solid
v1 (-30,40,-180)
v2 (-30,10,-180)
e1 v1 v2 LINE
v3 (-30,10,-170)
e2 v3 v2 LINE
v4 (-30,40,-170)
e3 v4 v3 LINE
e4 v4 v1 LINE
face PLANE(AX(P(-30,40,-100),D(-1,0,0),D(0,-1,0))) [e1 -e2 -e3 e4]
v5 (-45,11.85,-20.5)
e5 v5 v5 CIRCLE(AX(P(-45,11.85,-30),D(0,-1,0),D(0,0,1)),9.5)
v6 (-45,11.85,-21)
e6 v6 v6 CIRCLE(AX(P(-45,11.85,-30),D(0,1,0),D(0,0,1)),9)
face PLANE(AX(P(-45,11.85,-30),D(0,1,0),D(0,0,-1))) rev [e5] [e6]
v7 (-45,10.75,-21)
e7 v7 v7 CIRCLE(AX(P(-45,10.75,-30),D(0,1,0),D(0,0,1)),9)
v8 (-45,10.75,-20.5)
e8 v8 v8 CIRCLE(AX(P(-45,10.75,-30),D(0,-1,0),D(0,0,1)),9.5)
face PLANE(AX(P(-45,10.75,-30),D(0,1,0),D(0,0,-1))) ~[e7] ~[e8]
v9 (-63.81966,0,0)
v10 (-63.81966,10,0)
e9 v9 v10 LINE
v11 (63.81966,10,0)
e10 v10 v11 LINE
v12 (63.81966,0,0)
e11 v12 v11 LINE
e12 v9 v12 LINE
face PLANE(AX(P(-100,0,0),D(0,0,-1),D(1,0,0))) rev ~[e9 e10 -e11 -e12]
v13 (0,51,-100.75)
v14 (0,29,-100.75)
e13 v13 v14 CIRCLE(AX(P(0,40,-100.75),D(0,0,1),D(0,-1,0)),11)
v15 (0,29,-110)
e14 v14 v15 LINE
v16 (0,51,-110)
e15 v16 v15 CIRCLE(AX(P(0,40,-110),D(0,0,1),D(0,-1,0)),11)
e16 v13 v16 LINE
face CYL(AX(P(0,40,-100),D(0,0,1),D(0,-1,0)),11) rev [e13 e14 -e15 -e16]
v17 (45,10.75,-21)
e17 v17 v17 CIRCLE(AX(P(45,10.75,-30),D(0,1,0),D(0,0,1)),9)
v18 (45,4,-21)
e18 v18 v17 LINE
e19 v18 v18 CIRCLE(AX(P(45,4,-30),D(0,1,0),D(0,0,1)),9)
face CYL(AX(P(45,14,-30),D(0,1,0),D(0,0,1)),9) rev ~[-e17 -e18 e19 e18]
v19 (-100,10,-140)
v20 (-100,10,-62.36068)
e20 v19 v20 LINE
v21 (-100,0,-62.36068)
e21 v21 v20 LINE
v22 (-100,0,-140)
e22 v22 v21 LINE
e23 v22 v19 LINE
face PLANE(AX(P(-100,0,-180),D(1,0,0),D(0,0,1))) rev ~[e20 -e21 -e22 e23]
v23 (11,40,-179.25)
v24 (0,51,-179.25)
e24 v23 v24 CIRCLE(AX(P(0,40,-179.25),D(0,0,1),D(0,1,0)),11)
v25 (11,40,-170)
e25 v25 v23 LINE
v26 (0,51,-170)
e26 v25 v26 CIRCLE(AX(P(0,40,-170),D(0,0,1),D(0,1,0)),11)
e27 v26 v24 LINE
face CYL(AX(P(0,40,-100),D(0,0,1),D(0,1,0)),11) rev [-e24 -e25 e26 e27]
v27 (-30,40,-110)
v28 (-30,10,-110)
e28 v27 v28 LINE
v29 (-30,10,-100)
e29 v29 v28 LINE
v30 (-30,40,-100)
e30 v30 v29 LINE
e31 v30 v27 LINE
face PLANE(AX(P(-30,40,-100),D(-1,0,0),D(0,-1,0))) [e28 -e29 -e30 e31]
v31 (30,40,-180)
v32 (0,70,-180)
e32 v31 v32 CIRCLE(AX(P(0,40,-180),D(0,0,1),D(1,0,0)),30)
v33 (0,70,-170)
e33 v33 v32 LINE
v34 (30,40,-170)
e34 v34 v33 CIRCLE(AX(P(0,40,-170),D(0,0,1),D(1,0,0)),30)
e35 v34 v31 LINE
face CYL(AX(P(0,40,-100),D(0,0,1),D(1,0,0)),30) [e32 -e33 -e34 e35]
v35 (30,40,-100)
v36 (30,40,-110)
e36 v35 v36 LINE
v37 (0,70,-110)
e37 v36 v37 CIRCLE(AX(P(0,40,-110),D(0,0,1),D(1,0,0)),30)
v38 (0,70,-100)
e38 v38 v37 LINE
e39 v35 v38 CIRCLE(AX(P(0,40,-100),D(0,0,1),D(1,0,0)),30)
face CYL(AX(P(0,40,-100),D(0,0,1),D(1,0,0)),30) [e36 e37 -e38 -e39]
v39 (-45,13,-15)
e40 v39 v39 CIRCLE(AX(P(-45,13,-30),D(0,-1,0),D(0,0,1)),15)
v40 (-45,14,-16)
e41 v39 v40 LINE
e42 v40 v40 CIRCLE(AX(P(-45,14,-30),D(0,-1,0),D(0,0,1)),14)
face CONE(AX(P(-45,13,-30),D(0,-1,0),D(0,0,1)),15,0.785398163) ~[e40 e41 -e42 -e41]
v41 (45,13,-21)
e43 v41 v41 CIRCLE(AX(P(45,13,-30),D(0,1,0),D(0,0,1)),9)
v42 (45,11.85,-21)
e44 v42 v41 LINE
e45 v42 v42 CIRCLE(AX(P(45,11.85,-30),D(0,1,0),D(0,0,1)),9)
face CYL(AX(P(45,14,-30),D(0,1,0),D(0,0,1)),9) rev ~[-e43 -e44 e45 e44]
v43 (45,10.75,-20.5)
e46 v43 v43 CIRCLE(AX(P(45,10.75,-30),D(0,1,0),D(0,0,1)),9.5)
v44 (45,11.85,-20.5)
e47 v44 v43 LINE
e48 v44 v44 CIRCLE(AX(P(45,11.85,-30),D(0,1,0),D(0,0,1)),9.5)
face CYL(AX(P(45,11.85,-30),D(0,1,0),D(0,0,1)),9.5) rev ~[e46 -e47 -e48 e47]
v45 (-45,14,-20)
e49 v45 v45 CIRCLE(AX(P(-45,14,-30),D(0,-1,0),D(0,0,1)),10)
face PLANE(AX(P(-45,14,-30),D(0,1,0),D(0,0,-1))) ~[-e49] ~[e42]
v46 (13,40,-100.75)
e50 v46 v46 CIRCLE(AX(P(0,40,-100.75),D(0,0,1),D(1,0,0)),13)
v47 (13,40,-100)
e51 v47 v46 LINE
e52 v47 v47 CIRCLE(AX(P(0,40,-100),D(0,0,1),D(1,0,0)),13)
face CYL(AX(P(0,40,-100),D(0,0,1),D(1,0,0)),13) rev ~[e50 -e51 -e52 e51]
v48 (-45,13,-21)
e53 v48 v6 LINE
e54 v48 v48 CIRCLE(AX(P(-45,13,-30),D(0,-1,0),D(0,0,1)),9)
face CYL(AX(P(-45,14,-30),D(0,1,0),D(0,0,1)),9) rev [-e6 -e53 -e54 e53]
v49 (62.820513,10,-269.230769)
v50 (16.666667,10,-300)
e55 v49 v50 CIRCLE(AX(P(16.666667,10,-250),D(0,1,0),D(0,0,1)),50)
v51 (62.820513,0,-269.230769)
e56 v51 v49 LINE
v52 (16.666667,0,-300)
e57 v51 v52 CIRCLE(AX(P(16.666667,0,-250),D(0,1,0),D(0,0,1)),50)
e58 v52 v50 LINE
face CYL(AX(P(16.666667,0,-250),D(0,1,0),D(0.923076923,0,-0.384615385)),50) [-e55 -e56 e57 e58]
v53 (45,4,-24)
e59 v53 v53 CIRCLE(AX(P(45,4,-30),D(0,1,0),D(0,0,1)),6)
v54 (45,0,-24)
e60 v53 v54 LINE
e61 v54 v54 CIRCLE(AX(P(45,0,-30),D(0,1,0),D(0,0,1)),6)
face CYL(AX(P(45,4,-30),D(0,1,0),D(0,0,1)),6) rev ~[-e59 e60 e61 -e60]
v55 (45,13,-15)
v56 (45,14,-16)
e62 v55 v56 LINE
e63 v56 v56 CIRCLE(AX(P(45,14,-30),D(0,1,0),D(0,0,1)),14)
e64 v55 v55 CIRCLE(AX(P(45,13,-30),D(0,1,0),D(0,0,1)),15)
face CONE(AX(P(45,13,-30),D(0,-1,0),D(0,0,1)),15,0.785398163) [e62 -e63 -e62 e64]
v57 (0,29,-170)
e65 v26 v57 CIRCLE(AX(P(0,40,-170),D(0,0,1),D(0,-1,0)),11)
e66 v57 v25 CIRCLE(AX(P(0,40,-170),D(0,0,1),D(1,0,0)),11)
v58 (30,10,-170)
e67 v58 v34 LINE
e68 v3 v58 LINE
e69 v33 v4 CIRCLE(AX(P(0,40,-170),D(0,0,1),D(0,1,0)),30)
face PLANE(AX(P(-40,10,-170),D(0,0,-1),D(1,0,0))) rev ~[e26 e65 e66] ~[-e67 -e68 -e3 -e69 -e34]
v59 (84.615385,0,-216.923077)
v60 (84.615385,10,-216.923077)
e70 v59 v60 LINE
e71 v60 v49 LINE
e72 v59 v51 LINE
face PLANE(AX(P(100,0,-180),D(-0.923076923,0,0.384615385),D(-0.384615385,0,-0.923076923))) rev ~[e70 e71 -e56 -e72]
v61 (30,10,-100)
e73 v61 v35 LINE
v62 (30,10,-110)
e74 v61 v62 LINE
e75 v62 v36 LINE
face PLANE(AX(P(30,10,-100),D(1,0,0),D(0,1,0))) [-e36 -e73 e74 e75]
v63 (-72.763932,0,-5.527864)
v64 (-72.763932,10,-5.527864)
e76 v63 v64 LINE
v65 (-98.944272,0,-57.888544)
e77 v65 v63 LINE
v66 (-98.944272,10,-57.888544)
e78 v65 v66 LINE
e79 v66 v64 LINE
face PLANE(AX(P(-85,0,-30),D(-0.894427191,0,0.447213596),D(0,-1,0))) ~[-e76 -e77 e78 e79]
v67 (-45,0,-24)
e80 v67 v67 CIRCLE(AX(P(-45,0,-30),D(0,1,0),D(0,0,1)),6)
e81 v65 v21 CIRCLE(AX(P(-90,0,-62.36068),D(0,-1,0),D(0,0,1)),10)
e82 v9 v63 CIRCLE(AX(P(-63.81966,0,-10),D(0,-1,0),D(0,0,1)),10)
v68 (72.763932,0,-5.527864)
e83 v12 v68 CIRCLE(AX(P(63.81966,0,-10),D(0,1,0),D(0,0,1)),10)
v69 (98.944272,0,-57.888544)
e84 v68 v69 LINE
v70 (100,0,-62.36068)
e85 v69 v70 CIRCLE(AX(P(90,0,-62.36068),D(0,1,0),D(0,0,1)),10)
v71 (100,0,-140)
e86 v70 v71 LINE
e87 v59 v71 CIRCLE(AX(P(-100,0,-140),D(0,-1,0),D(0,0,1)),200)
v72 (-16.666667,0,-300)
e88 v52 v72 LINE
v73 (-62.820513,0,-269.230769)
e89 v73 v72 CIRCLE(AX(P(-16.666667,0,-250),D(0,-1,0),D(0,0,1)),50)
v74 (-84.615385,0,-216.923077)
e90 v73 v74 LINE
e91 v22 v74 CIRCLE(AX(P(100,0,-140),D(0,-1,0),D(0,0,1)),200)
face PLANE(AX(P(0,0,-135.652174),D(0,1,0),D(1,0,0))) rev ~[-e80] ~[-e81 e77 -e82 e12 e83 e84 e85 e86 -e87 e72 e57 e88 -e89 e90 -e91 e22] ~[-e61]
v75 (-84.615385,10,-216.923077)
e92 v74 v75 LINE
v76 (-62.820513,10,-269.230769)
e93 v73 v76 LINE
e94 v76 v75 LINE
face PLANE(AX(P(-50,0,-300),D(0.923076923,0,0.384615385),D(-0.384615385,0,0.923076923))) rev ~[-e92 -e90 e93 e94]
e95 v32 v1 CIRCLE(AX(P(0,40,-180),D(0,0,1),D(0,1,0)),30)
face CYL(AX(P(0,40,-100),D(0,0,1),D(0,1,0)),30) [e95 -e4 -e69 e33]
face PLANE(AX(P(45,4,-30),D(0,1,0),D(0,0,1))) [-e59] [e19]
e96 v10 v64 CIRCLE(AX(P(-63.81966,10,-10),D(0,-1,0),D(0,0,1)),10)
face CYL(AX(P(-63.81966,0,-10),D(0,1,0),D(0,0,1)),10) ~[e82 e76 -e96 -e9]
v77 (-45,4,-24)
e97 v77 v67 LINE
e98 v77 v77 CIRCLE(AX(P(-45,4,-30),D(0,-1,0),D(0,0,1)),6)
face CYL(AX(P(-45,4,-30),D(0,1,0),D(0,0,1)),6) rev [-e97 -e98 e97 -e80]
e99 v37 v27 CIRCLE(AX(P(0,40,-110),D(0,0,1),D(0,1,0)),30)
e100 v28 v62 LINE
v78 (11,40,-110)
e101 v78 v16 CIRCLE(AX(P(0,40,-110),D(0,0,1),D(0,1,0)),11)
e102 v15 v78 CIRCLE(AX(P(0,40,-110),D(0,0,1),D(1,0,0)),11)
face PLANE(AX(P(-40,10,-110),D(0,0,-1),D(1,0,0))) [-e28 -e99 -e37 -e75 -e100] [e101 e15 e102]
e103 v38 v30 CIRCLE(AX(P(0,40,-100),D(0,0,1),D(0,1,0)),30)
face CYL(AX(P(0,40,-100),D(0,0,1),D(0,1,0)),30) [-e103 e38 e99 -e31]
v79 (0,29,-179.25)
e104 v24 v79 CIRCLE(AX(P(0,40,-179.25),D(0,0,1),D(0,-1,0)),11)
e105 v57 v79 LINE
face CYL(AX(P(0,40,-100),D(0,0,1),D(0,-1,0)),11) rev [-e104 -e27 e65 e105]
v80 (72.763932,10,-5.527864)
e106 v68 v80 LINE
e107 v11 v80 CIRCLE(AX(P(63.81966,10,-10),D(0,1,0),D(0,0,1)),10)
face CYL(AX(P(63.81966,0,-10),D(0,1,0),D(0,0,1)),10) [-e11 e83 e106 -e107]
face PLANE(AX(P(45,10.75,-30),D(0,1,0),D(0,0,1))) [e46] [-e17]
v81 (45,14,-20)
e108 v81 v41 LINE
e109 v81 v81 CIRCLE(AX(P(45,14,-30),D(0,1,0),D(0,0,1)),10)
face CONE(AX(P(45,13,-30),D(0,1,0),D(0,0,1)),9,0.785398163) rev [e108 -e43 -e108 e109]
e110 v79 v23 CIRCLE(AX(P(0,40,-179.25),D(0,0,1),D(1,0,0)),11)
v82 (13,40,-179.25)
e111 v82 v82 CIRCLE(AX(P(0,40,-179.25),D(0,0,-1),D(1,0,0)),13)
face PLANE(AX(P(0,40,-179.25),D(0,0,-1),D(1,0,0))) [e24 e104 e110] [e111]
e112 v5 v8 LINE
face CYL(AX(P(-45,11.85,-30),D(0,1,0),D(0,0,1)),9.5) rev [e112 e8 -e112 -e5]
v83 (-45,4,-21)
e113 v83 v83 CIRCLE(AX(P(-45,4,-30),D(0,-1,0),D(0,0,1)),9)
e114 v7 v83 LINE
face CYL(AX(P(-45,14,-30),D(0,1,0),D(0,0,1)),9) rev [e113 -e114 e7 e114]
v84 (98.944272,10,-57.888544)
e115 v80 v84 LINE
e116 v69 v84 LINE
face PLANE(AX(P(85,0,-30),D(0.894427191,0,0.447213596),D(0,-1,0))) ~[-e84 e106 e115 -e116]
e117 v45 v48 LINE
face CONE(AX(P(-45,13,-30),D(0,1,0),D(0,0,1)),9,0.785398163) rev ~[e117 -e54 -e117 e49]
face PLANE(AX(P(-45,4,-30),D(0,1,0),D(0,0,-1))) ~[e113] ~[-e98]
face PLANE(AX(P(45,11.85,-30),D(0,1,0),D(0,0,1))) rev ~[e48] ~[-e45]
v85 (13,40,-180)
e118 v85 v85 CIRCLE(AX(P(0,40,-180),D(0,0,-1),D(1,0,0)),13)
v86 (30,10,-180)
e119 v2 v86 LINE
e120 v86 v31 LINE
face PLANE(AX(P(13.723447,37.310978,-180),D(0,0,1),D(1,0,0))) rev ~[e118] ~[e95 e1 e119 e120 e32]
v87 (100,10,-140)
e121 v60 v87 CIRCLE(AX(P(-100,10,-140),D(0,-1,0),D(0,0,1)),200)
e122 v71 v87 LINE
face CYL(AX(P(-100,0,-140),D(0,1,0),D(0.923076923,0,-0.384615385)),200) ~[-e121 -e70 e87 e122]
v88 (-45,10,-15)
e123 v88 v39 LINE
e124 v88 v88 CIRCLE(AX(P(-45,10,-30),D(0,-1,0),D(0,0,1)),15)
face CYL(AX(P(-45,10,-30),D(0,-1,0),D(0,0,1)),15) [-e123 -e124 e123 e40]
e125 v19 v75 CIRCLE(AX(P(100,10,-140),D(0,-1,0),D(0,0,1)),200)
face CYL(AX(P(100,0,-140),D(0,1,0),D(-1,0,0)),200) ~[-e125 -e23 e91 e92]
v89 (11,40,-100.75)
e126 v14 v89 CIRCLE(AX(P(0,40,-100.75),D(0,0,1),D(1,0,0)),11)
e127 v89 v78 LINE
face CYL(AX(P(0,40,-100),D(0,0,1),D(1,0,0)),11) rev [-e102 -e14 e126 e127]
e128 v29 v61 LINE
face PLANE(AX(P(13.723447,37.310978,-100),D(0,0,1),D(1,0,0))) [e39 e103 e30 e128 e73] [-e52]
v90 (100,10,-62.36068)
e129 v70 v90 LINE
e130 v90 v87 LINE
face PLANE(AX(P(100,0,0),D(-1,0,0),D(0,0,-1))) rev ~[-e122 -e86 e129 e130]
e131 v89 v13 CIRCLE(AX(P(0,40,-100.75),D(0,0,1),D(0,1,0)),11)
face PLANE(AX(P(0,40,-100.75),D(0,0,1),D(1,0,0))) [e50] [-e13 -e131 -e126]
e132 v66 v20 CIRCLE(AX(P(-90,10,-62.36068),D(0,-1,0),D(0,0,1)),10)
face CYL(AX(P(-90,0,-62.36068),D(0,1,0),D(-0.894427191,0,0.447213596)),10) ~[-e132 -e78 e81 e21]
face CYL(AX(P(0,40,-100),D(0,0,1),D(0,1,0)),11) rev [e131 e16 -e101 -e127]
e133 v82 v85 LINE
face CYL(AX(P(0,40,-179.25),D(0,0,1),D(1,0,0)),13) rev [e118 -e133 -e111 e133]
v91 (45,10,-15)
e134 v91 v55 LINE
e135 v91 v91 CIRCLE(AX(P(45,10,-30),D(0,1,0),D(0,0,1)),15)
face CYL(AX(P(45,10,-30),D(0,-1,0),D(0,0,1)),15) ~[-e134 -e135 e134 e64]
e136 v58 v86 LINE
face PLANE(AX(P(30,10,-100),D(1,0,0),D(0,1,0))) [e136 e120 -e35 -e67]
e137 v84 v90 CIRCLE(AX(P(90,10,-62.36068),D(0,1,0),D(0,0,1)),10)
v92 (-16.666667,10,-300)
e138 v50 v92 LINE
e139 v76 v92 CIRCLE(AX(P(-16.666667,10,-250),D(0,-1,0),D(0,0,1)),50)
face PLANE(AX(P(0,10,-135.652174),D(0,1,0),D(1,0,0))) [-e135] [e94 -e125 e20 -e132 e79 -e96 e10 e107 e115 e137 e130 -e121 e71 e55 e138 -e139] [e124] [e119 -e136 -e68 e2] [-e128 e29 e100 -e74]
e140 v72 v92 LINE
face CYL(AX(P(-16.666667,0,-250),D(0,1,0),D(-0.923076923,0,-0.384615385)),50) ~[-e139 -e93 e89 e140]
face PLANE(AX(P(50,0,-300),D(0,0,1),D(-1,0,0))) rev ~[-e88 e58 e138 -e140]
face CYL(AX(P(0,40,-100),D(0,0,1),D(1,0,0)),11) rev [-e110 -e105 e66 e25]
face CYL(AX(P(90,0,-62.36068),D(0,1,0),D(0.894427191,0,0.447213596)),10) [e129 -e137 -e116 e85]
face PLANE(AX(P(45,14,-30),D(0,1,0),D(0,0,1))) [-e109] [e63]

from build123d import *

# Parameters (mm, degrees)
EXTRUDE_1_DEPTH            = 10
EXTRUDE_START              = -100
EXTRUDE_3_DEPTH            = 80
SKETCH_5_W                 = 80
SKETCH_5_H                 = 60
CUT_EXTRUDE_2_DEPTH        = 110
FILLET_1_R                 = 50
FILLET_2_R                 = 200
SKETCH_7_R                 = 9
CUT_EXTRUDE_6_DEPTH        = 6
SKETCH_10_R                = 6
CUT_EXTRUDE_7_DEPTH        = 28
SKETCH_12_R                = 15
EXTRUDE_5_DEPTH            = 4
SKETCH_13_R                = 9
CUT_EXTRUDE_9_DEPTH        = 4
CUT_EXTRUDE_START          = -2.15
SKETCH_14_R                = 9.5
CUT_EXTRUDE_4117_DEPTH     = 1.1
CHAMFER_1_SIZE             = 1
CHAMFER_1_OF_MIRROR_1_SIZE = 1
SKETCH_16_R                = 13
CUT_EXTRUDE_10_DEPTH       = 0.75
CUT_EXTRUDE_START_2        = -0.75
SKETCH_17_R                = 13
CUT_EXTRUDE_11_DEPTH       = 0.75
CHAMFER_2_SIZE             = 30
CHAMFER_2_SIZE2            = 60
CHAMFER_3_SIZE             = 60
CHAMFER_3_SIZE2            = 30
FILLET_3_R                 = 10


with BuildPart() as part:
    # 草图1 → 凸台-拉伸1 (new body)
    with BuildSketch(Plane(origin=(0, 0, 0), x_dir=(1, 0, 0), z_dir=(0, 1, 0))):
        Polygon((-100, 0), (100, 0), (100, 180), (50, 300), (-50, 300), (-100, 180), align=None)
    extrude(amount=EXTRUDE_1_DEPTH)

    # 草图4 → 凸台-拉伸3 (add)
    with BuildSketch(Plane.XY.offset(EXTRUDE_START)):
        with BuildLine():
            Line((0, 29), (0, 10))
            Line((0, 10), (30, 10))
            Line((30, 10), (30, 40))
            ThreePointArc((30, 40), (21.213203436, 61.213203436), (0, 70))
            Line((0, 70), (0, 51))
            ThreePointArc((0, 51), (7.778174593, 47.778174593), (11, 40))
            ThreePointArc((11, 40), (7.778174593, 32.221825407), (0, 29))
        make_face()
        with BuildLine():
            Line((-30, 10), (0, 10))
            Line((0, 10), (0, 29))
            ThreePointArc((0, 29), (-11, 40), (0, 51))
            Line((0, 51), (0, 70))
            ThreePointArc((0, 70), (-21.213203436, 61.213203436), (-30, 40))
            Line((-30, 40), (-30, 10))
        make_face()
    extrude(amount=-EXTRUDE_3_DEPTH)

    # 草图5 → 切除-拉伸2 (cut)
    with BuildSketch(Plane(origin=(0, 10, 0), x_dir=(1, 0, 0), z_dir=(0, 1, 0))):
        with Locations((0, 140)):
            Rectangle(SKETCH_5_W, SKETCH_5_H)
    extrude(amount=CUT_EXTRUDE_2_DEPTH, mode=Mode.SUBTRACT)

    # 圆角1
    fillet_1_edges = [part.edges().sort_by_distance(p)[0] for p in [
        (-50, 5, -300),
        (50, 5, -300),
    ]]
    fillet(fillet_1_edges, radius=FILLET_1_R)

    # 圆角2
    fillet_2_edges = [part.edges().sort_by_distance(p)[0] for p in [
        (-100, 5, -180),
        (100, 5, -180),
    ]]
    fillet(fillet_2_edges, radius=FILLET_2_R)

    # 草图7 → 切除-拉伸6 (cut)
    with BuildSketch(Plane(origin=(0, 10, 0), x_dir=(1, 0, 0), z_dir=(0, 1, 0))):
        with Locations(Location((45, 30, 0), (0, 0, 270))):
            Circle(SKETCH_7_R)
    cut_extrude_6 = extrude(amount=-CUT_EXTRUDE_6_DEPTH, mode=Mode.SUBTRACT)

    # 草图10 → 切除-拉伸7 (cut)
    with BuildSketch(Plane(origin=(0, 4, 0), x_dir=(1, 0, 0), z_dir=(0, 1, 0))):
        with Locations(Location((45, 30, 0), (0, 0, 270))):
            Circle(SKETCH_10_R)
    cut_extrude_7 = extrude(amount=-CUT_EXTRUDE_7_DEPTH, mode=Mode.SUBTRACT)

    # 草图12 → 凸台-拉伸5 (add)
    with BuildSketch(Plane(origin=(0, 10, 0), x_dir=(1, 0, 0), z_dir=(0, 1, 0))):
        with Locations(Location((45, 30, 0), (0, 0, 270))):
            Circle(SKETCH_12_R)
    extrude_5 = extrude(amount=EXTRUDE_5_DEPTH)

    # 草图13 → 切除-拉伸9 (cut)
    with BuildSketch(Plane(origin=(0, 14, 0), x_dir=(1, 0, 0), z_dir=(0, 1, 0))):
        with Locations(Location((45, 30, 0), (0, 0, 270))):
            Circle(SKETCH_13_R)
    cut_extrude_9 = extrude(amount=-CUT_EXTRUDE_9_DEPTH, mode=Mode.SUBTRACT)

    # 草图14 → Cut-Extrude 4117 (cut)
    with BuildSketch(Plane(origin=(0, 14, 0), x_dir=(1, 0, 0), z_dir=(0, 1, 0)).offset(CUT_EXTRUDE_START)):
        with Locations(Location((45, 30, 0), (0, 0, 270))):
            Circle(SKETCH_14_R)
    cut_extrude_4117 = extrude(amount=-CUT_EXTRUDE_4117_DEPTH, mode=Mode.SUBTRACT)

    # 倒角1
    chamfer_1_edges = [part.edges().sort_by_distance(p)[0] for p in [
        (45, 14, -45),
        (45, 14, -39),
    ]]
    chamfer(chamfer_1_edges, length=CHAMFER_1_SIZE)

    # 镜向1: 切除-拉伸6, 切除-拉伸7, 凸台-拉伸5, 切除-拉伸9, Cut-Extrude 4117 across plane
    add(cut_extrude_6.mirror(Plane.ZY), mode=Mode.SUBTRACT)
    add(cut_extrude_7.mirror(Plane.ZY), mode=Mode.SUBTRACT)
    add(extrude_5.mirror(Plane.ZY))
    add(cut_extrude_9.mirror(Plane.ZY), mode=Mode.SUBTRACT)
    add(cut_extrude_4117.mirror(Plane.ZY), mode=Mode.SUBTRACT)

    # 倒角1 of 镜向1
    chamfer_1_of_mirror_1_edges = [part.edges().sort_by_distance(p)[0] for p in [
        (-45, 14, -45),
        (-45, 14, -39),
    ]]
    chamfer(chamfer_1_of_mirror_1_edges, length=CHAMFER_1_OF_MIRROR_1_SIZE)

    # 草图16 → 切除-拉伸10 (cut)
    with BuildSketch(Plane.XY.offset(-100)):
        with Locations((0, 40)):
            Circle(SKETCH_16_R)
    extrude(amount=-CUT_EXTRUDE_10_DEPTH, mode=Mode.SUBTRACT)

    # 草图17 → 切除-拉伸11 (cut)
    with BuildSketch(Plane(origin=(0, 0, -180), x_dir=(-1, 0, 0), z_dir=(0, 0, -1)).offset(CUT_EXTRUDE_START_2)):
        with Locations(Location((0, 40, 0), (0, 0, 180))):
            Circle(SKETCH_17_R)
    extrude(amount=CUT_EXTRUDE_11_DEPTH, mode=Mode.SUBTRACT)

    # 倒角2
    chamfer_2_edges = [part.edges().sort_by_distance(p)[0] for p in [
        (100, 5, 0),
    ]]
    chamfer_2_side = [part.faces().sort_by_distance(p)[0] for p in [
        (0, 5, 0),
    ]]
    chamfer(chamfer_2_edges, length=CHAMFER_2_SIZE, length2=CHAMFER_2_SIZE2, reference=chamfer_2_side[0])

    # 倒角3
    chamfer_3_edges = [part.edges().sort_by_distance(p)[0] for p in [
        (-100, 5, 0),
    ]]
    chamfer_3_side = [part.faces().sort_by_distance(p)[0] for p in [
        (-100, 5, -70),
    ]]
    chamfer(chamfer_3_edges, length=CHAMFER_3_SIZE, length2=CHAMFER_3_SIZE2, reference=chamfer_3_side[0])

    # 圆角3
    fillet_3_edges = [part.edges().sort_by_distance(p)[0] for p in [
        (100, 5, -60),
        (70, 5, 0),
        (-70, 5, 0),
        (-100, 5, -60),
    ]]
    fillet(fillet_3_edges, radius=FILLET_3_R)


solid = part.part
